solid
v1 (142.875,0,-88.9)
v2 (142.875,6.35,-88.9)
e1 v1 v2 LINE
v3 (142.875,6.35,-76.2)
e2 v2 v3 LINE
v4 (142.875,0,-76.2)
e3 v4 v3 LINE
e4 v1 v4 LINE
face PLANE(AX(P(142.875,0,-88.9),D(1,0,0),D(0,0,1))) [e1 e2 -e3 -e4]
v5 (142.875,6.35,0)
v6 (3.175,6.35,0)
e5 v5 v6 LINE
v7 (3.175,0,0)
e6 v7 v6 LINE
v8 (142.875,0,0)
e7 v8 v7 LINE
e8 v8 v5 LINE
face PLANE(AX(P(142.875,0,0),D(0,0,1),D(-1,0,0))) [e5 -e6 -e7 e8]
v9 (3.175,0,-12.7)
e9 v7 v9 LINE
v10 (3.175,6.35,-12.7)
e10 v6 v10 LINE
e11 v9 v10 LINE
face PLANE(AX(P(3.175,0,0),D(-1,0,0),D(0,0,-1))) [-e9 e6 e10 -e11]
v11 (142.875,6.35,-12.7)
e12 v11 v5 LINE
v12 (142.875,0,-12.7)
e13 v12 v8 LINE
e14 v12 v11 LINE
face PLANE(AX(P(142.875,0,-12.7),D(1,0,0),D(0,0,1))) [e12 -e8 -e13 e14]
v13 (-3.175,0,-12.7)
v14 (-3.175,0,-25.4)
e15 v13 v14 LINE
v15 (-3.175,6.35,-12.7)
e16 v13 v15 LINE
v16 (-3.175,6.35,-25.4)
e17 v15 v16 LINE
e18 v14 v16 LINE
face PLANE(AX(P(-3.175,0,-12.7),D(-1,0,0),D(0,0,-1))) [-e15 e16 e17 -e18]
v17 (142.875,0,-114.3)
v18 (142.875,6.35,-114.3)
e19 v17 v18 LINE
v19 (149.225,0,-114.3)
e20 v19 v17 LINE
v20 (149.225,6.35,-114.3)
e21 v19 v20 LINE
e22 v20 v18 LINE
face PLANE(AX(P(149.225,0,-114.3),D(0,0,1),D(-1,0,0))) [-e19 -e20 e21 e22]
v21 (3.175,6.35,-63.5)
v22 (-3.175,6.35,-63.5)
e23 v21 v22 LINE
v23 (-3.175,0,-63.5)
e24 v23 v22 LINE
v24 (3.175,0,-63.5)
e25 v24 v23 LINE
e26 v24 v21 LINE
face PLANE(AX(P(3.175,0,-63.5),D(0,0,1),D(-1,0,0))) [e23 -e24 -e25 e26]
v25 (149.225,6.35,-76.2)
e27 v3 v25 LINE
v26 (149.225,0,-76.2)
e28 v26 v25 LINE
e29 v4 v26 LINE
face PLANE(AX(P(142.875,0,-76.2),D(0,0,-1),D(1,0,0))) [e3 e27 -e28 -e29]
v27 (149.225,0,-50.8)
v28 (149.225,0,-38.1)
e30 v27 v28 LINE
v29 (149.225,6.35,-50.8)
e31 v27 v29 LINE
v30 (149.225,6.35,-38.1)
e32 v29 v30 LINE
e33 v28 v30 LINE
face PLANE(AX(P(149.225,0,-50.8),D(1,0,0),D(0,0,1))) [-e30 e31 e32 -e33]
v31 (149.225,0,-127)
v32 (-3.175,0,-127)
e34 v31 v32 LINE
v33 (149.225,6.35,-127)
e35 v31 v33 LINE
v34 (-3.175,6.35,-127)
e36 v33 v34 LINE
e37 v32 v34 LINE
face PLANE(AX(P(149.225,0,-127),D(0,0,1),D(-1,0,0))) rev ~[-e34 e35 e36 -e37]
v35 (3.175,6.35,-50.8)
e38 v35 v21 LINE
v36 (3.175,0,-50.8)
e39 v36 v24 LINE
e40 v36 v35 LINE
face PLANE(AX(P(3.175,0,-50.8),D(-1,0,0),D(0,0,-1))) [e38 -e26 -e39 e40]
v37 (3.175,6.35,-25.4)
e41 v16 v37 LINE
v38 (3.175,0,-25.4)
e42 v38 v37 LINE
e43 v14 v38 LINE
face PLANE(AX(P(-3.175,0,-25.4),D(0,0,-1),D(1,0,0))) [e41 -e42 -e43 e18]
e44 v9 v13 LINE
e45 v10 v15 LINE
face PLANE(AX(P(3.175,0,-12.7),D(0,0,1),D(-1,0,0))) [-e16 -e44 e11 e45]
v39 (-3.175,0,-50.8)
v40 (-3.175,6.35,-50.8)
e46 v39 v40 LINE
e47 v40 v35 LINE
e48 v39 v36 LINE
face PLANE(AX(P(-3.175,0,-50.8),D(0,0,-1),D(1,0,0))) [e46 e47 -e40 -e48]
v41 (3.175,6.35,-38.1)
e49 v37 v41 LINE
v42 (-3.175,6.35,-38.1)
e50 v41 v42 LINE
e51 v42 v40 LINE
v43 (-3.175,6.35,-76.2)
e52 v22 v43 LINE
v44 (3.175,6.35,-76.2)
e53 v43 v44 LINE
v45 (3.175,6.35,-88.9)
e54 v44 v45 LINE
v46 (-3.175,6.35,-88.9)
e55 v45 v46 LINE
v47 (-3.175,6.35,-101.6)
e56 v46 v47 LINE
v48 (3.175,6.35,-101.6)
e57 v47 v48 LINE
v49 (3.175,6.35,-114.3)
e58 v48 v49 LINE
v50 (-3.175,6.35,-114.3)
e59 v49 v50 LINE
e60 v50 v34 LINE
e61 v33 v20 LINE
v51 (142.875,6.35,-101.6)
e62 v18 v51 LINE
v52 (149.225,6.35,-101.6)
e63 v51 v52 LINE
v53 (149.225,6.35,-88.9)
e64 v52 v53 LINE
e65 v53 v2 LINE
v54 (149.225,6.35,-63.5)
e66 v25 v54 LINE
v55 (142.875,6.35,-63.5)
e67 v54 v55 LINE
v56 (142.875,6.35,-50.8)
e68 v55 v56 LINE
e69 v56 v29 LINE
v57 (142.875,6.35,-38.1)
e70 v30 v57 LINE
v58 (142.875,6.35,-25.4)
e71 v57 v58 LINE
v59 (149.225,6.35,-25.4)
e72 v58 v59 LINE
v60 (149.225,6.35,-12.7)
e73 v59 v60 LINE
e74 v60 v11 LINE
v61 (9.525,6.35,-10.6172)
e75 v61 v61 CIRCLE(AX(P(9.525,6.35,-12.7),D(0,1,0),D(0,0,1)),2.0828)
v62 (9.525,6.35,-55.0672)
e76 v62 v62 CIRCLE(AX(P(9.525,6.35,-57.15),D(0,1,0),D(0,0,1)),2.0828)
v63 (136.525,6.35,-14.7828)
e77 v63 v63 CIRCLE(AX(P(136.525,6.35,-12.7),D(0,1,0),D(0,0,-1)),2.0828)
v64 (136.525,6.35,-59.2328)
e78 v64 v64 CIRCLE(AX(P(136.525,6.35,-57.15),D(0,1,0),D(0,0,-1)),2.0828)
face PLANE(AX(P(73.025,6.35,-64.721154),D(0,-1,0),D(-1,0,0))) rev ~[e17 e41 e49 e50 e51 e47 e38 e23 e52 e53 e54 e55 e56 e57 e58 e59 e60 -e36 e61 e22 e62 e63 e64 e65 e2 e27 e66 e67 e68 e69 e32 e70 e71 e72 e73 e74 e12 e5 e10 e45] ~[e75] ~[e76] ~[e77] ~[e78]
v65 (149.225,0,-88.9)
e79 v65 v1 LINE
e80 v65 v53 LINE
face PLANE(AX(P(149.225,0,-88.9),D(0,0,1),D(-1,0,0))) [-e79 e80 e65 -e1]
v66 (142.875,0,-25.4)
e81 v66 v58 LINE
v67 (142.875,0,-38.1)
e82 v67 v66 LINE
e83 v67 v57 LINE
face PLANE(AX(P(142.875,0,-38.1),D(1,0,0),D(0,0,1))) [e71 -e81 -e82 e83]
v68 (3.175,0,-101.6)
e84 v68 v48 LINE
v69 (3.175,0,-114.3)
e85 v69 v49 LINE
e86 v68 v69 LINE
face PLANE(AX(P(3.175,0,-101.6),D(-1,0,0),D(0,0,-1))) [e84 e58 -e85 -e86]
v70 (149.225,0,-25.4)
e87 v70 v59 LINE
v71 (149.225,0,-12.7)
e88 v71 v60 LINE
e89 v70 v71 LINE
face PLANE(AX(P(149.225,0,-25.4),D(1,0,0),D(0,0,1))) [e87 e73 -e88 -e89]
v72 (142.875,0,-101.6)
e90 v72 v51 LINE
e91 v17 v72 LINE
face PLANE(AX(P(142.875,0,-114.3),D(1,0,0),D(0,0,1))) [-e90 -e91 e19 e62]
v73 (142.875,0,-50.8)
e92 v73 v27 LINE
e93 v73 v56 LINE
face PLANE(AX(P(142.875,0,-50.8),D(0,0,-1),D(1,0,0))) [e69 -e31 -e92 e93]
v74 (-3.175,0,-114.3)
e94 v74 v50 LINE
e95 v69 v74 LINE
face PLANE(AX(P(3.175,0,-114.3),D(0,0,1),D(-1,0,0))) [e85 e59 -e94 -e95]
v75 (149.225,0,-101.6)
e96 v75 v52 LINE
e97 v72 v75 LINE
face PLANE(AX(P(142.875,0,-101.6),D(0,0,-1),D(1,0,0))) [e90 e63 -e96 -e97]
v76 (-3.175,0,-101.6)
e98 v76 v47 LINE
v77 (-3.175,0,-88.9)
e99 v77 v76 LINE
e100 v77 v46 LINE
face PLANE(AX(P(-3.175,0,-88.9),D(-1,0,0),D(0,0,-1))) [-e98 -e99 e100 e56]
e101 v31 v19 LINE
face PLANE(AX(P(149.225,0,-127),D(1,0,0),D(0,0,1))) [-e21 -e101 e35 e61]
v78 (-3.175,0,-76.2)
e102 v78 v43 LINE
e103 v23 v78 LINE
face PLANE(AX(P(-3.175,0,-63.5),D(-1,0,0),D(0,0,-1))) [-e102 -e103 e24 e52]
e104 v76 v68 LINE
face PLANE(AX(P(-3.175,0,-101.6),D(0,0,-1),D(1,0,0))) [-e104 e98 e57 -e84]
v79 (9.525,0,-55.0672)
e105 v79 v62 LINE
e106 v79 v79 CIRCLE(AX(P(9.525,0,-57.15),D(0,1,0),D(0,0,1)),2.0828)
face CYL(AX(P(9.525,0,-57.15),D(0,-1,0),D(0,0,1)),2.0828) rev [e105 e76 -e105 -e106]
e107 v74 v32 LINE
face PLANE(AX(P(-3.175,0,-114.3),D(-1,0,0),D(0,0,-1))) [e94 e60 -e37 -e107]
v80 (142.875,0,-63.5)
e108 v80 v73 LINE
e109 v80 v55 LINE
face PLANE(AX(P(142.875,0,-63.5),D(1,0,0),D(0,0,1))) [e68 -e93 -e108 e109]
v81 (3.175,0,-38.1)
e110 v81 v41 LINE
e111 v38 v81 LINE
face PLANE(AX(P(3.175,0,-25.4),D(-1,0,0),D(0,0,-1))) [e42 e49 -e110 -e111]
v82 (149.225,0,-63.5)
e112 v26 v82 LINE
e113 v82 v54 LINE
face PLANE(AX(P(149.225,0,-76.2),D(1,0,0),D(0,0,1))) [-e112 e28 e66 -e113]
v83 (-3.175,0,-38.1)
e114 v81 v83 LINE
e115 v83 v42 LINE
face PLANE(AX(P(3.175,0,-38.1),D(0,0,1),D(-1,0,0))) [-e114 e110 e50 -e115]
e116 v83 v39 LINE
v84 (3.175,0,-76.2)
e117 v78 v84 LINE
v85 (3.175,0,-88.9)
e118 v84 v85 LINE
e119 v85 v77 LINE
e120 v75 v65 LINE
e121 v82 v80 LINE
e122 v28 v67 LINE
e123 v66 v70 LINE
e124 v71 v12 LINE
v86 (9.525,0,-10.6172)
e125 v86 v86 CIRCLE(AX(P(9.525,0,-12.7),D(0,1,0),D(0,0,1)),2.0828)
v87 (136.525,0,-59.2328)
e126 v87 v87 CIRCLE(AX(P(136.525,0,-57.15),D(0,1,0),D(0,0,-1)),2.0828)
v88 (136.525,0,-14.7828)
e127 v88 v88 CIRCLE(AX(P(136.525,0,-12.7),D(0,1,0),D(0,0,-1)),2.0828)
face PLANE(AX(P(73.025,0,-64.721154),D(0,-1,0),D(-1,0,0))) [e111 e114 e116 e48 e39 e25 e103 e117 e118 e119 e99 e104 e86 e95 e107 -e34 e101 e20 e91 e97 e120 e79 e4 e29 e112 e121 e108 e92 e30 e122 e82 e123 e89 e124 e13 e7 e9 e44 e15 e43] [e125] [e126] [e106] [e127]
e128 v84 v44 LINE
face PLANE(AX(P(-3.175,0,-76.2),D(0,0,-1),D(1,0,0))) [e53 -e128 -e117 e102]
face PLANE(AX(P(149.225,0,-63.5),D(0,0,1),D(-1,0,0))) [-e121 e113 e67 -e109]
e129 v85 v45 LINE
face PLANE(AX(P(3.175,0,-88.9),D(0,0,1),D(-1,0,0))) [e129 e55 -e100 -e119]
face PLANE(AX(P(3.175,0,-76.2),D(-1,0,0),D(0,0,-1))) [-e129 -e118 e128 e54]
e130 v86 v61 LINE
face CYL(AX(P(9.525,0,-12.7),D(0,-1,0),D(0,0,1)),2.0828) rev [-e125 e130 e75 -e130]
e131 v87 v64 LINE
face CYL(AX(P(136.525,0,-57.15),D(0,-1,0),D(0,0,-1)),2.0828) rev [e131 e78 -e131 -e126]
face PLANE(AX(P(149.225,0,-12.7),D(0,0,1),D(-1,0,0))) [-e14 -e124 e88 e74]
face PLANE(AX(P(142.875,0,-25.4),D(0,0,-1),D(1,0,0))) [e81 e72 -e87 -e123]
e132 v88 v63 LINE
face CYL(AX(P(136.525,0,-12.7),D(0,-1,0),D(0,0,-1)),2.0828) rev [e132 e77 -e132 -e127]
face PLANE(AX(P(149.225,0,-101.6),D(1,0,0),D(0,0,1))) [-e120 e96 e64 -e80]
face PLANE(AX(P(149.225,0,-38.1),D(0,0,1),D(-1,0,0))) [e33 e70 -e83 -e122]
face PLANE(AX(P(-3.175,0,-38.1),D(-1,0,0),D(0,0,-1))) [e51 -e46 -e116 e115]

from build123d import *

# Parameters (mm, degrees)
SKETCH2_R           = 2.0828
BOSS_EXTRUDE1_DEPTH = 6.35


with BuildPart() as part:
    # Sketch2 → Boss-Extrude1 (new body)
    with BuildSketch(Plane(origin=(0, 0, 0), x_dir=(1, 0, 0), z_dir=(0, 1, 0))):
        Polygon((3.175, 0), (3.175, 12.7), (-3.175, 12.7), (-3.175, 25.4), (3.175, 25.4), (3.175, 38.1), (-3.175, 38.1), (-3.175, 50.8), (3.175, 50.8), (3.175, 63.5), (-3.175, 63.5), (-3.175, 76.2), (3.175, 76.2), (3.175, 88.9), (-3.175, 88.9), (-3.175, 101.6), (3.175, 101.6), (3.175, 114.3), (-3.175, 114.3), (-3.175, 127), (3.175, 127), (142.875, 127), (149.225, 127), (149.225, 114.3), (142.875, 114.3), (142.875, 101.6), (149.225, 101.6), (149.225, 88.9), (142.875, 88.9), (142.875, 76.2), (149.225, 76.2), (149.225, 63.5), (142.875, 63.5), (142.875, 50.8), (149.225, 50.8), (149.225, 38.1), (142.875, 38.1), (142.875, 25.4), (149.225, 25.4), (149.225, 12.7), (142.875, 12.7), (142.875, 0), align=None)
        with Locations(Location((136.525, 57.15, 0), (0, 0, 90))):
            Circle(SKETCH2_R, mode=Mode.SUBTRACT)
        with Locations(Location((9.525, 12.7, 0), (0, 0, 270))):
            Circle(SKETCH2_R, mode=Mode.SUBTRACT)
        with Locations(Location((9.525, 57.15, 0), (0, 0, 270))):
            Circle(SKETCH2_R, mode=Mode.SUBTRACT)
        with Locations(Location((136.525, 12.7, 0), (0, 0, 90))):
            Circle(SKETCH2_R, mode=Mode.SUBTRACT)
    extrude(amount=BOSS_EXTRUDE1_DEPTH)


solid = part.part
